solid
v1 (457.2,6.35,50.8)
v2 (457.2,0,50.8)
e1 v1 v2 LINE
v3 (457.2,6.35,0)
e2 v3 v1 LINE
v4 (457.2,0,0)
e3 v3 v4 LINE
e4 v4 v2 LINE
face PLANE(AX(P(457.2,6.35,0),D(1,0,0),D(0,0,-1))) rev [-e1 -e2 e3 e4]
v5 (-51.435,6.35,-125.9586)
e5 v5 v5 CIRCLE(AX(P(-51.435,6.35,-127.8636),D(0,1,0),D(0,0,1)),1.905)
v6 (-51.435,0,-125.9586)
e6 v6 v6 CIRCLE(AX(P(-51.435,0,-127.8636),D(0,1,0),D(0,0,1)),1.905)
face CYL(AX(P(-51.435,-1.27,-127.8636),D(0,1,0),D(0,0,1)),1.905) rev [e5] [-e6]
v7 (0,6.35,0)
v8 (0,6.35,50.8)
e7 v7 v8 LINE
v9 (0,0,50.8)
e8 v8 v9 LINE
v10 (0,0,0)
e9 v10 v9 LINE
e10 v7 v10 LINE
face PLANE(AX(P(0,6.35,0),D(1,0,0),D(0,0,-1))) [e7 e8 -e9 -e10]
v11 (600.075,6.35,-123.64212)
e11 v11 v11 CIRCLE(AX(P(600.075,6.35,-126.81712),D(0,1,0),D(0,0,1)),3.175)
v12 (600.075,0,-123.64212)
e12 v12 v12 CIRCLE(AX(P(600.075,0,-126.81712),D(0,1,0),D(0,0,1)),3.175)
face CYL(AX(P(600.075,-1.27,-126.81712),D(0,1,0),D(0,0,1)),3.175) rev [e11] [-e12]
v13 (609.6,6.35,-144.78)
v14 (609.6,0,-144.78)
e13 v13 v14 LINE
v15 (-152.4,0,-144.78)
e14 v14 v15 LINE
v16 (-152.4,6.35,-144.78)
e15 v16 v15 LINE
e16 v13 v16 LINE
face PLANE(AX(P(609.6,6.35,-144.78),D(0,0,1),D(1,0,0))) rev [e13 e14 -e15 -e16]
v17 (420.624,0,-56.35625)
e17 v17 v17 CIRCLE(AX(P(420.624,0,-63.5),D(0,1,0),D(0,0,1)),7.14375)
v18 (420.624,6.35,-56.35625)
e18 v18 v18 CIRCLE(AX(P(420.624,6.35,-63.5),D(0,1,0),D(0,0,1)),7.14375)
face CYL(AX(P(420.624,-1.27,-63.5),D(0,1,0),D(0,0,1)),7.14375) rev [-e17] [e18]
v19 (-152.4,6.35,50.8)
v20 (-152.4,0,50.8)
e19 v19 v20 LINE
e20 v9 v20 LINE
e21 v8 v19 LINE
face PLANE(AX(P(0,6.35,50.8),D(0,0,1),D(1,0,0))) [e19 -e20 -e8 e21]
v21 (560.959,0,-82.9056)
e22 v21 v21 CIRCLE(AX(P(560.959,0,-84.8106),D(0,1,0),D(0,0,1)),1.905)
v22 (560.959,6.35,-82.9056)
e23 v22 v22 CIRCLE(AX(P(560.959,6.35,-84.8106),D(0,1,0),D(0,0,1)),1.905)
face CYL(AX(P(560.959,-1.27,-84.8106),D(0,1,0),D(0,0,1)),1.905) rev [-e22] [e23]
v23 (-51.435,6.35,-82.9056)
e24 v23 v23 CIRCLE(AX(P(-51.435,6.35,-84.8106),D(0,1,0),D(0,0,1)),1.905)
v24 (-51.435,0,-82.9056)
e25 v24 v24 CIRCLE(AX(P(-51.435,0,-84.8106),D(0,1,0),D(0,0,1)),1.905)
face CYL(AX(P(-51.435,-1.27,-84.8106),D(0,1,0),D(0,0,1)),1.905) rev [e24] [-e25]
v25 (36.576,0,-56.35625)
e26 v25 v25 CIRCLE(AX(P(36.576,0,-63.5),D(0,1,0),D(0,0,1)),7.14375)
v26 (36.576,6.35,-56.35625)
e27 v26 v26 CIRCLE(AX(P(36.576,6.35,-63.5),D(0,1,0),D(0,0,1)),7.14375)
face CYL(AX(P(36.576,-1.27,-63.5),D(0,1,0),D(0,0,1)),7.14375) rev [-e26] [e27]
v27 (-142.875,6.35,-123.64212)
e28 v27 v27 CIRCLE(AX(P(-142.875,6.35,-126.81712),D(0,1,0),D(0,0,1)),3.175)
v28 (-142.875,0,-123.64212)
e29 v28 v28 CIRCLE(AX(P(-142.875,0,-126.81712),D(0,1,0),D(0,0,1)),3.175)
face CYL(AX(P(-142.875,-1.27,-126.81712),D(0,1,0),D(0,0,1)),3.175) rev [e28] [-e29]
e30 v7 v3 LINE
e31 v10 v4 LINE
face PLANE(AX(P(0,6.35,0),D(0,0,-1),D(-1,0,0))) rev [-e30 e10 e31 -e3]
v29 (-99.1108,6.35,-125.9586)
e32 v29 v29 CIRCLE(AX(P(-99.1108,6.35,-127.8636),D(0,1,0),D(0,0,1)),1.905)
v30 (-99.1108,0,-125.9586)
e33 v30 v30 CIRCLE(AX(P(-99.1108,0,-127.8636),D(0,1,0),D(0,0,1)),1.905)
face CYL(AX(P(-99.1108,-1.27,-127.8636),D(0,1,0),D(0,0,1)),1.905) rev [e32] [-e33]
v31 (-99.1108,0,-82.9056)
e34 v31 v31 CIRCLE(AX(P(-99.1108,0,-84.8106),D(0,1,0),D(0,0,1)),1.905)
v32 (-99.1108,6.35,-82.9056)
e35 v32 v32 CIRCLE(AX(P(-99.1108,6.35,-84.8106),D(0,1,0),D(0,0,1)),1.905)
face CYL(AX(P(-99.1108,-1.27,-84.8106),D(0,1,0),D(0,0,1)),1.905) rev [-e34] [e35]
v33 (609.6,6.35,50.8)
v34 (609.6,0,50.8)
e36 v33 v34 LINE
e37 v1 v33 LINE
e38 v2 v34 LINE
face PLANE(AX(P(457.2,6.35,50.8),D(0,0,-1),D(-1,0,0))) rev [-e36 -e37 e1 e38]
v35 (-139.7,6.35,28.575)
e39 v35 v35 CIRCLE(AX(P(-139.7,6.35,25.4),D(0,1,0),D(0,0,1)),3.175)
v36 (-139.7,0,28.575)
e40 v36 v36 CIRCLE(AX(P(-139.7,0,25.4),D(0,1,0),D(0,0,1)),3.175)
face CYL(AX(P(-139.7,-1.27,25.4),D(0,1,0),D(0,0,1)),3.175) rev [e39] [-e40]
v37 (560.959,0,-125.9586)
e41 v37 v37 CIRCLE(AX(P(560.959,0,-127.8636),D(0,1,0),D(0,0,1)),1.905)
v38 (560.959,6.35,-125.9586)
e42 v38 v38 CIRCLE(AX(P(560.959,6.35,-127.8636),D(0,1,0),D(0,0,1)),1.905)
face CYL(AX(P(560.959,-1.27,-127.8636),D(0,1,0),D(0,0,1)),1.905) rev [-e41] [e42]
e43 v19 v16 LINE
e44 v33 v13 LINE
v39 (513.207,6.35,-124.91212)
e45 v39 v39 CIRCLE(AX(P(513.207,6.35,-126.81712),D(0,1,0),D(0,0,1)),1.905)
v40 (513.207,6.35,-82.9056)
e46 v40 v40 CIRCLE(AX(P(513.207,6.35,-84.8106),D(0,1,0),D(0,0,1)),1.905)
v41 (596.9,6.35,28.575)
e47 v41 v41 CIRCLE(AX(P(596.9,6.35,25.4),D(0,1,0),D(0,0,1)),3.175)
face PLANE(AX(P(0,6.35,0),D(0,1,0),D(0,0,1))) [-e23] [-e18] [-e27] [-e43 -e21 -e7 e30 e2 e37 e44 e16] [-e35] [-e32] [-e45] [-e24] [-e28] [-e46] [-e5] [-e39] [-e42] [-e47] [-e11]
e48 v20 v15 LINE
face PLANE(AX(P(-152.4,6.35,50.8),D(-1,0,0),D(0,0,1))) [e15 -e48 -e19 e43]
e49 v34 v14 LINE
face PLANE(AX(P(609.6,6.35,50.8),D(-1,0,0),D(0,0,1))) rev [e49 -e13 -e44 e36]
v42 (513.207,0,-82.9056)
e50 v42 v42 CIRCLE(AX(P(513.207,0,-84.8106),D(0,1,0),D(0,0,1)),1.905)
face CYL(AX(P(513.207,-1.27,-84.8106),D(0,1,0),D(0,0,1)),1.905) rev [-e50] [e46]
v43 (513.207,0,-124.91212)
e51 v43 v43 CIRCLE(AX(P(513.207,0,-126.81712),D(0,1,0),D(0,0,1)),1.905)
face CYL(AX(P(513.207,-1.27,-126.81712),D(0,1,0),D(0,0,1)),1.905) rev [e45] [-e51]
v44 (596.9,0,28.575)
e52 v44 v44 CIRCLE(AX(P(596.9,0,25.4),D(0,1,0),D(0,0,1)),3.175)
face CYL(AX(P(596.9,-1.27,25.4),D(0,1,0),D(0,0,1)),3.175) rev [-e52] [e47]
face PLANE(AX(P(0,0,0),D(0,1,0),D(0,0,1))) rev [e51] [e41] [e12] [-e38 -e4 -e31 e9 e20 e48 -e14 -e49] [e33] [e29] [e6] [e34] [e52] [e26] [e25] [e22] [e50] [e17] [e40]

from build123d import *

# Parameters (mm, degrees)
BOSS_EXTRUDE1_DEPTH = 6.35
SKETCH3_R           = 3.175
SKETCH3_R_2         = 1.905
SKETCH3_R_3         = 7.14375
CUT_EXTRUDE1_DEPTH  = 7.62


with BuildPart() as part:
    # Sketch1 → Boss-Extrude1 (new body)
    with BuildSketch(Plane(origin=(0, 0, 0), x_dir=(1, 0, 0), z_dir=(0, 1, 0))):
        Polygon((0, 0), (457.2, 0), (457.2, -50.8), (609.6, -50.8), (609.6, 144.78), (-152.4, 144.78), (-152.4, -50.8), (0, -50.8), align=None)
    extrude(amount=BOSS_EXTRUDE1_DEPTH)

    # Sketch3 → Cut-Extrude1 (cut)
    with BuildSketch(Plane(origin=(0, 6.35, 0), x_dir=(1, 0, 0), z_dir=(0, 1, 0))):
        with Locations((-139.7, -25.4)):
            Circle(SKETCH3_R)
        with Locations((-99.1108, 84.8106)):
            Circle(SKETCH3_R_2)
        with Locations((-142.875, 126.81712)):
            Circle(SKETCH3_R)
        with Locations((-51.435, 84.8106)):
            Circle(SKETCH3_R_2)
        with Locations((-51.435, 127.8636)):
            Circle(SKETCH3_R_2)
        with Locations((36.576, 63.5)):
            Circle(SKETCH3_R_3)
        with Locations((600.075, 126.81712)):
            Circle(SKETCH3_R)
        with Locations((596.9, -25.4)):
            Circle(SKETCH3_R)
        with Locations((560.959, 127.8636)):
            Circle(SKETCH3_R_2)
        with Locations((513.207, 84.8106)):
            Circle(SKETCH3_R_2)
        with Locations((560.959, 84.8106)):
            Circle(SKETCH3_R_2)
        with Locations((513.207, 126.81712)):
            Circle(SKETCH3_R_2)
        with Locations((420.624, 63.5)):
            Circle(SKETCH3_R_3)
        with Locations((-99.1108, 127.8636)):
            Circle(SKETCH3_R_2)
    extrude(amount=-CUT_EXTRUDE1_DEPTH, mode=Mode.SUBTRACT)


solid = part.part
